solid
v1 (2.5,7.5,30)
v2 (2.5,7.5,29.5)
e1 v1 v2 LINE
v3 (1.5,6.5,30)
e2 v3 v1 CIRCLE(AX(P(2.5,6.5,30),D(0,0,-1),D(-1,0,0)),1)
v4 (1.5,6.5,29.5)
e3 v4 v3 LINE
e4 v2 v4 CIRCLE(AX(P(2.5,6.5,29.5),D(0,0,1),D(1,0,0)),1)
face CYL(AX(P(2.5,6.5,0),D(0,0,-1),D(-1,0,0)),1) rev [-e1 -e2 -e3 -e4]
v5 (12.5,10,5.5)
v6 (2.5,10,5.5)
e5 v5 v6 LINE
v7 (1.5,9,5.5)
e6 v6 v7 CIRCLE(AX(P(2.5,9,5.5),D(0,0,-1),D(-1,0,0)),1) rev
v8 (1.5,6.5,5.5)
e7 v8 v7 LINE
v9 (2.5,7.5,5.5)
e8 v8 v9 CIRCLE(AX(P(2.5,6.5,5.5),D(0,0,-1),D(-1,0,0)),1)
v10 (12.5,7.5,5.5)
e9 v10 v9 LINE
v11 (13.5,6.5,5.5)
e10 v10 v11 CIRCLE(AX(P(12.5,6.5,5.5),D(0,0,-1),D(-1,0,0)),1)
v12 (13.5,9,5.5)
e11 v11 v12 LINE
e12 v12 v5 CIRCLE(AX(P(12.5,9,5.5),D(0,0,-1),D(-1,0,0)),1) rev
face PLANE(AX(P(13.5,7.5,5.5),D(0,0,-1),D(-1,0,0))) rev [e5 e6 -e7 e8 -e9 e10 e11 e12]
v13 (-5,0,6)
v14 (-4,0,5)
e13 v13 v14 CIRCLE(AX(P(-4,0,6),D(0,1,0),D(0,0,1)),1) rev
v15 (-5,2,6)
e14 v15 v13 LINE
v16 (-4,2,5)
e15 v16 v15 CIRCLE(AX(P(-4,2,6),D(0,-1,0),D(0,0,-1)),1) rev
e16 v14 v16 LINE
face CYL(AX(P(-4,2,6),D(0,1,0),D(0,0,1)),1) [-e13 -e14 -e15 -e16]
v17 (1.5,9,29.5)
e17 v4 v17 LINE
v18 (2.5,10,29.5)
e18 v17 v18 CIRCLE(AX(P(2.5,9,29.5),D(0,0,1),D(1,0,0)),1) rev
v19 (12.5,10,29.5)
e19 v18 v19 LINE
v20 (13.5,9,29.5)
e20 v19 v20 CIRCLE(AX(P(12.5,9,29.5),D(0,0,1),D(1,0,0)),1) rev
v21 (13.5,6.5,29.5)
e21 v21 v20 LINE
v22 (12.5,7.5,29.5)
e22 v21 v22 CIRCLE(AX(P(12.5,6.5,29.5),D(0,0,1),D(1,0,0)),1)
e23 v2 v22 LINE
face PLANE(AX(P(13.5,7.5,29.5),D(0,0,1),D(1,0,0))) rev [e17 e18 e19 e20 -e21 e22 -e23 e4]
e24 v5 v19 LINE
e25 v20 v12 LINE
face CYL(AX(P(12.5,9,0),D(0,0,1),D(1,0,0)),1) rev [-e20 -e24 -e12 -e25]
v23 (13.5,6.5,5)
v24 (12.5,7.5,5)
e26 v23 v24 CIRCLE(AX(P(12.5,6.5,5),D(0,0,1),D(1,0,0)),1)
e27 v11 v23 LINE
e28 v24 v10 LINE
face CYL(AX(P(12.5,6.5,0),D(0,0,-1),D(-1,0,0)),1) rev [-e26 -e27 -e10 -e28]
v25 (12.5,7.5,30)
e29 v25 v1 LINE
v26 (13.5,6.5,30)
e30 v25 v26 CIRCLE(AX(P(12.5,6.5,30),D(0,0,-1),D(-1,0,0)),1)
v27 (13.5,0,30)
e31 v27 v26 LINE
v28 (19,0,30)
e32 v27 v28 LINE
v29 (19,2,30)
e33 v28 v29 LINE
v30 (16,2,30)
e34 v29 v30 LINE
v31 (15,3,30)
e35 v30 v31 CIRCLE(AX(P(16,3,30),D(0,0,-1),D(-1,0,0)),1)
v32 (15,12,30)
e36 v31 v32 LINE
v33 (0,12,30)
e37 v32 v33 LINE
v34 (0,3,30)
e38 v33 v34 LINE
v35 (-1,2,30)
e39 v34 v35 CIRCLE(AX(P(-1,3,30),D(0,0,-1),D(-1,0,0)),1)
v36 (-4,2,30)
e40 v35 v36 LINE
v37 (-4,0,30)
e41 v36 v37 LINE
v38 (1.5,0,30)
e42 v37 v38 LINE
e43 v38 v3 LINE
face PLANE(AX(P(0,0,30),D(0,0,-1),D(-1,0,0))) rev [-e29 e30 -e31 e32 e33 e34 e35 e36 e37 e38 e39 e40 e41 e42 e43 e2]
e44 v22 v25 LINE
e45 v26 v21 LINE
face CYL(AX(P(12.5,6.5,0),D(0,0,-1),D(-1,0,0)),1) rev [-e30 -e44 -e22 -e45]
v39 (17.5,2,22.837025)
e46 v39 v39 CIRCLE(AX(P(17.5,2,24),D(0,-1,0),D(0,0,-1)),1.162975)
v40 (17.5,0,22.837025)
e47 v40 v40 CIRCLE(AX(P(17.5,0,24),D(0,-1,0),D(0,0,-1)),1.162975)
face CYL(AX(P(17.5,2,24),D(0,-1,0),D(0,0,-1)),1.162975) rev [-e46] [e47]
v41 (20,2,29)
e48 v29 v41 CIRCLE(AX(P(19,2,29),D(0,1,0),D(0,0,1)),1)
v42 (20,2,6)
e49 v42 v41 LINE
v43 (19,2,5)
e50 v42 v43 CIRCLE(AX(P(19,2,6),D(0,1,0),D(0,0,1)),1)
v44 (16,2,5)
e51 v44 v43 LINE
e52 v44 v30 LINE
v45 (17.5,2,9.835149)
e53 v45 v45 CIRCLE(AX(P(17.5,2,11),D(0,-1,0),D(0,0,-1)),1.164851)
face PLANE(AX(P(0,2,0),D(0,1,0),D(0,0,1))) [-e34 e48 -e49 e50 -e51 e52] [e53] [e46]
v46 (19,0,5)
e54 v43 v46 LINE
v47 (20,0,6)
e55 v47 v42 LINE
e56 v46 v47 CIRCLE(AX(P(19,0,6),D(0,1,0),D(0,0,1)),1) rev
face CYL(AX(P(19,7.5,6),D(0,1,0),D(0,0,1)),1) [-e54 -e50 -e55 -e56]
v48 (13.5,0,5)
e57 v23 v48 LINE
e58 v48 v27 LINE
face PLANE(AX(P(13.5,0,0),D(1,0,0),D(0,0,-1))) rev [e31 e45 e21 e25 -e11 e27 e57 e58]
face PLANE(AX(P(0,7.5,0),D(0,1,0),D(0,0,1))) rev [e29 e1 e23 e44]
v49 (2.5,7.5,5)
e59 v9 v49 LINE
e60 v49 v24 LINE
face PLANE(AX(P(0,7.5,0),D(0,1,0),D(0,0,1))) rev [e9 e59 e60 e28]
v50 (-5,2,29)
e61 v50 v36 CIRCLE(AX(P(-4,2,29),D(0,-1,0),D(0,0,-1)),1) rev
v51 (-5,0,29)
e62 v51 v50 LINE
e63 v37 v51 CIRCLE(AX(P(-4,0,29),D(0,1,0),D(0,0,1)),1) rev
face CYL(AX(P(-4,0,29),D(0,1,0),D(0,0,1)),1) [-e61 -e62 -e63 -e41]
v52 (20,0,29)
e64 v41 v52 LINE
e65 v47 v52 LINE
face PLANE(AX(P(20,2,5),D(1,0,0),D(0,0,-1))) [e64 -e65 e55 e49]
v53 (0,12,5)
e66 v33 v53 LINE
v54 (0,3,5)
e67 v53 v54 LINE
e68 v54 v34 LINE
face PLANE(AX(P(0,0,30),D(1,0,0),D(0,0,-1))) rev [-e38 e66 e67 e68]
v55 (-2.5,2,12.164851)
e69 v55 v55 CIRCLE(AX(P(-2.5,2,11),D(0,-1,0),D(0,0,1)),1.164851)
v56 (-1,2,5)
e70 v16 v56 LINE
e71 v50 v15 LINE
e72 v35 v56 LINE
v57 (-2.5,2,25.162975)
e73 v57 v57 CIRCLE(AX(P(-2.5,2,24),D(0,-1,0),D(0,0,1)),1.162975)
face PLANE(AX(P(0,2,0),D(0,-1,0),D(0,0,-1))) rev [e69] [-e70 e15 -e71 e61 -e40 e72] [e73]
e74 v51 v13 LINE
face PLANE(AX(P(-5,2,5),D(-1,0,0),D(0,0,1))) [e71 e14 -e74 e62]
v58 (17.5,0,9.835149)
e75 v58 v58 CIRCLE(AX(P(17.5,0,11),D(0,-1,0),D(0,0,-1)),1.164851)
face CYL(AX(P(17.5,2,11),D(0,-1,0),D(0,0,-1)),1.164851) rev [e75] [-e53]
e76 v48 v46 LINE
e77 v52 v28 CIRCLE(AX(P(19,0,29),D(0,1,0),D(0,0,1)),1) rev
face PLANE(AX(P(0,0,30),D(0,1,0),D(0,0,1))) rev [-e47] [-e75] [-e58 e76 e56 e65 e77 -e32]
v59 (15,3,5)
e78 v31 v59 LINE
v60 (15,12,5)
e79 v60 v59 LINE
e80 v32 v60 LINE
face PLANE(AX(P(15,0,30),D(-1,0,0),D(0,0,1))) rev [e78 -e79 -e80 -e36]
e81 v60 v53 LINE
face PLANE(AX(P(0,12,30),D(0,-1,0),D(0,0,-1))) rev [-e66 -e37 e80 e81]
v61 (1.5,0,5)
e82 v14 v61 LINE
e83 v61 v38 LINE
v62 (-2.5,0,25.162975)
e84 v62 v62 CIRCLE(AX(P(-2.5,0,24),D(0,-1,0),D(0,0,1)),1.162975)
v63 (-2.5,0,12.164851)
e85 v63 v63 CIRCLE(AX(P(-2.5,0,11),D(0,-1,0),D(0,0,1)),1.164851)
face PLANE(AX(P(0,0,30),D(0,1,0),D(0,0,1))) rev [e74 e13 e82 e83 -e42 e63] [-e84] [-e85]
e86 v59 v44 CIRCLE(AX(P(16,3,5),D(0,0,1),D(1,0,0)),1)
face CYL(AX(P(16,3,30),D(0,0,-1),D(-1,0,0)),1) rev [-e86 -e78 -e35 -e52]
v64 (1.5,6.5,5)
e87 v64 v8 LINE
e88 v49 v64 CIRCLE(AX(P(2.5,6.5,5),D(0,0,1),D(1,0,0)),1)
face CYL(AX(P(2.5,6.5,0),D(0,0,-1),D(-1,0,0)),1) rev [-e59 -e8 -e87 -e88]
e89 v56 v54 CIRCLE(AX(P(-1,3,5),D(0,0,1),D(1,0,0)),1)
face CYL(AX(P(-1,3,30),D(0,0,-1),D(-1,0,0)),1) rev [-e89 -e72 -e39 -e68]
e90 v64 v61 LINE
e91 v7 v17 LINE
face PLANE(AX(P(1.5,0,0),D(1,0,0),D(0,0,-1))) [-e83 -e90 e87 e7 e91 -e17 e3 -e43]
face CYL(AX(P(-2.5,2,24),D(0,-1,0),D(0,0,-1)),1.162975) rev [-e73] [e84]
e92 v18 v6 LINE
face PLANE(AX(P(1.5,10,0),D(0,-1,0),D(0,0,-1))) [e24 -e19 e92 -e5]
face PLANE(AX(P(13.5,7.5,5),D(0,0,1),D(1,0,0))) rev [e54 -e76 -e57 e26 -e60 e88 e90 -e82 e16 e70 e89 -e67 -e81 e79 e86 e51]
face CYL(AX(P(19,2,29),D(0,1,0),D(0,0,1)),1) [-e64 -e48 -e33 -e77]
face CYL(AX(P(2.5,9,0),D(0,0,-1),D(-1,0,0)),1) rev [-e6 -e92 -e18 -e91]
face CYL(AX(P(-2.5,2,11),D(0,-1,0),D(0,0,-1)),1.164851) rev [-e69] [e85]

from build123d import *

# Parameters (mm, degrees)
SKETCH1_W               = 15
SKETCH1_H               = 12
BOSS_EXTRUDE1_DEPTH     = 30
SKETCH3_W               = 12
SKETCH3_H               = 10
CUT_EXTRUDE1_DEPTH      = 30
FILLET1_R               = 1
SKETCH4_W               = 12
SKETCH4_H               = 0.5
BOSS_EXTRUDE3_DEPTH     = 2.5
CUT_EXTRUDE2_DEPTH      = 36.623026261
CUT_EXTRUDE2_DEPTH_BACK = 36.623026261
SKETCH5_W               = 15
SKETCH5_H               = 5
SKETCH6_W               = 5
SKETCH6_H               = 25
SKETCH6_R               = 1.162975042
SKETCH6_R_2             = 1.164851314
BOSS_EXTRUDE4_DEPTH     = 2
FILLET2_R               = 1


with BuildPart() as part:
    # Sketch1 → Boss-Extrude1 (new body)
    with BuildSketch(Plane.XY):
        with Locations((7.5, 6)):
            Rectangle(SKETCH1_W, SKETCH1_H)
    extrude(amount=BOSS_EXTRUDE1_DEPTH)

    # Sketch3 → Cut-Extrude1 (cut)
    with BuildSketch(Plane.XY.offset(30)):
        with Locations((7.5, 5)):
            Rectangle(SKETCH3_W, SKETCH3_H)
    extrude(amount=-CUT_EXTRUDE1_DEPTH, mode=Mode.SUBTRACT)

    # Fillet1
    fillet1_edges = [part.edges().sort_by_distance(p)[0] for p in [
        (1.5, 10, 15),
        (13.5, 10, 15),
    ]]
    fillet(fillet1_edges, radius=FILLET1_R)

    # Sketch4 → Boss-Extrude3 (add)
    with BuildSketch(Plane.XZ.offset(-10)):
        with Locations((7.5, 29.75)):
            Rectangle(SKETCH4_W, SKETCH4_H)
        with Locations((7.5, 5.25)):
            Rectangle(SKETCH4_W, SKETCH4_H)
    extrude(amount=BOSS_EXTRUDE3_DEPTH)

    # Sketch5 → Cut-Extrude2 (cut, two sides: drawn at the far end of the back side and taken through both)
    with BuildSketch(Plane.XZ.offset(-CUT_EXTRUDE2_DEPTH_BACK)):
        with Locations((7.5, 2.5)):
            Rectangle(SKETCH5_W, SKETCH5_H)
    extrude(amount=CUT_EXTRUDE2_DEPTH + CUT_EXTRUDE2_DEPTH_BACK, mode=Mode.SUBTRACT)

    # Sketch6 → Boss-Extrude4 (add)
    # profile 1 of 2: a face of its own
    with BuildSketch(Plane.XZ):
        with Locations((17.5, 17.5)):
            Rectangle(SKETCH6_W, SKETCH6_H)
        with Locations(Location((17.5, 24, 0), (0, 0, 270))):
            Circle(SKETCH6_R, mode=Mode.SUBTRACT)
        with Locations(Location((17.5, 11, 0), (0, 0, 270))):
            Circle(SKETCH6_R_2, mode=Mode.SUBTRACT)
    # profile 2 of 2: a face of its own
    with BuildSketch(Plane.XZ):
        with Locations((-2.5, 17.5)):
            Rectangle(SKETCH6_W, SKETCH6_H)
        with Locations(Location((-2.5, 11, 0), (0, 0, 90))):
            Circle(SKETCH6_R_2, mode=Mode.SUBTRACT)
        with Locations(Location((-2.5, 24, 0), (0, 0, 90))):
            Circle(SKETCH6_R, mode=Mode.SUBTRACT)
    extrude(amount=-BOSS_EXTRUDE4_DEPTH)

    # Fillet2
    fillet2_edges = [part.edges().sort_by_distance(p)[0] for p in [
        (15, 2, 17.5),
        (20, 1, 30),
        (20, 1, 5),
        (0, 2, 17.5),
        (-5, 1, 5),
        (-5, 1, 30),
        (13.5, 7.5, 29.75),
        (1.5, 7.5, 29.75),
        (13.5, 7.5, 5.25),
        (1.5, 7.5, 5.25),
    ]]
    fillet(fillet2_edges, radius=FILLET2_R)


solid = part.part
